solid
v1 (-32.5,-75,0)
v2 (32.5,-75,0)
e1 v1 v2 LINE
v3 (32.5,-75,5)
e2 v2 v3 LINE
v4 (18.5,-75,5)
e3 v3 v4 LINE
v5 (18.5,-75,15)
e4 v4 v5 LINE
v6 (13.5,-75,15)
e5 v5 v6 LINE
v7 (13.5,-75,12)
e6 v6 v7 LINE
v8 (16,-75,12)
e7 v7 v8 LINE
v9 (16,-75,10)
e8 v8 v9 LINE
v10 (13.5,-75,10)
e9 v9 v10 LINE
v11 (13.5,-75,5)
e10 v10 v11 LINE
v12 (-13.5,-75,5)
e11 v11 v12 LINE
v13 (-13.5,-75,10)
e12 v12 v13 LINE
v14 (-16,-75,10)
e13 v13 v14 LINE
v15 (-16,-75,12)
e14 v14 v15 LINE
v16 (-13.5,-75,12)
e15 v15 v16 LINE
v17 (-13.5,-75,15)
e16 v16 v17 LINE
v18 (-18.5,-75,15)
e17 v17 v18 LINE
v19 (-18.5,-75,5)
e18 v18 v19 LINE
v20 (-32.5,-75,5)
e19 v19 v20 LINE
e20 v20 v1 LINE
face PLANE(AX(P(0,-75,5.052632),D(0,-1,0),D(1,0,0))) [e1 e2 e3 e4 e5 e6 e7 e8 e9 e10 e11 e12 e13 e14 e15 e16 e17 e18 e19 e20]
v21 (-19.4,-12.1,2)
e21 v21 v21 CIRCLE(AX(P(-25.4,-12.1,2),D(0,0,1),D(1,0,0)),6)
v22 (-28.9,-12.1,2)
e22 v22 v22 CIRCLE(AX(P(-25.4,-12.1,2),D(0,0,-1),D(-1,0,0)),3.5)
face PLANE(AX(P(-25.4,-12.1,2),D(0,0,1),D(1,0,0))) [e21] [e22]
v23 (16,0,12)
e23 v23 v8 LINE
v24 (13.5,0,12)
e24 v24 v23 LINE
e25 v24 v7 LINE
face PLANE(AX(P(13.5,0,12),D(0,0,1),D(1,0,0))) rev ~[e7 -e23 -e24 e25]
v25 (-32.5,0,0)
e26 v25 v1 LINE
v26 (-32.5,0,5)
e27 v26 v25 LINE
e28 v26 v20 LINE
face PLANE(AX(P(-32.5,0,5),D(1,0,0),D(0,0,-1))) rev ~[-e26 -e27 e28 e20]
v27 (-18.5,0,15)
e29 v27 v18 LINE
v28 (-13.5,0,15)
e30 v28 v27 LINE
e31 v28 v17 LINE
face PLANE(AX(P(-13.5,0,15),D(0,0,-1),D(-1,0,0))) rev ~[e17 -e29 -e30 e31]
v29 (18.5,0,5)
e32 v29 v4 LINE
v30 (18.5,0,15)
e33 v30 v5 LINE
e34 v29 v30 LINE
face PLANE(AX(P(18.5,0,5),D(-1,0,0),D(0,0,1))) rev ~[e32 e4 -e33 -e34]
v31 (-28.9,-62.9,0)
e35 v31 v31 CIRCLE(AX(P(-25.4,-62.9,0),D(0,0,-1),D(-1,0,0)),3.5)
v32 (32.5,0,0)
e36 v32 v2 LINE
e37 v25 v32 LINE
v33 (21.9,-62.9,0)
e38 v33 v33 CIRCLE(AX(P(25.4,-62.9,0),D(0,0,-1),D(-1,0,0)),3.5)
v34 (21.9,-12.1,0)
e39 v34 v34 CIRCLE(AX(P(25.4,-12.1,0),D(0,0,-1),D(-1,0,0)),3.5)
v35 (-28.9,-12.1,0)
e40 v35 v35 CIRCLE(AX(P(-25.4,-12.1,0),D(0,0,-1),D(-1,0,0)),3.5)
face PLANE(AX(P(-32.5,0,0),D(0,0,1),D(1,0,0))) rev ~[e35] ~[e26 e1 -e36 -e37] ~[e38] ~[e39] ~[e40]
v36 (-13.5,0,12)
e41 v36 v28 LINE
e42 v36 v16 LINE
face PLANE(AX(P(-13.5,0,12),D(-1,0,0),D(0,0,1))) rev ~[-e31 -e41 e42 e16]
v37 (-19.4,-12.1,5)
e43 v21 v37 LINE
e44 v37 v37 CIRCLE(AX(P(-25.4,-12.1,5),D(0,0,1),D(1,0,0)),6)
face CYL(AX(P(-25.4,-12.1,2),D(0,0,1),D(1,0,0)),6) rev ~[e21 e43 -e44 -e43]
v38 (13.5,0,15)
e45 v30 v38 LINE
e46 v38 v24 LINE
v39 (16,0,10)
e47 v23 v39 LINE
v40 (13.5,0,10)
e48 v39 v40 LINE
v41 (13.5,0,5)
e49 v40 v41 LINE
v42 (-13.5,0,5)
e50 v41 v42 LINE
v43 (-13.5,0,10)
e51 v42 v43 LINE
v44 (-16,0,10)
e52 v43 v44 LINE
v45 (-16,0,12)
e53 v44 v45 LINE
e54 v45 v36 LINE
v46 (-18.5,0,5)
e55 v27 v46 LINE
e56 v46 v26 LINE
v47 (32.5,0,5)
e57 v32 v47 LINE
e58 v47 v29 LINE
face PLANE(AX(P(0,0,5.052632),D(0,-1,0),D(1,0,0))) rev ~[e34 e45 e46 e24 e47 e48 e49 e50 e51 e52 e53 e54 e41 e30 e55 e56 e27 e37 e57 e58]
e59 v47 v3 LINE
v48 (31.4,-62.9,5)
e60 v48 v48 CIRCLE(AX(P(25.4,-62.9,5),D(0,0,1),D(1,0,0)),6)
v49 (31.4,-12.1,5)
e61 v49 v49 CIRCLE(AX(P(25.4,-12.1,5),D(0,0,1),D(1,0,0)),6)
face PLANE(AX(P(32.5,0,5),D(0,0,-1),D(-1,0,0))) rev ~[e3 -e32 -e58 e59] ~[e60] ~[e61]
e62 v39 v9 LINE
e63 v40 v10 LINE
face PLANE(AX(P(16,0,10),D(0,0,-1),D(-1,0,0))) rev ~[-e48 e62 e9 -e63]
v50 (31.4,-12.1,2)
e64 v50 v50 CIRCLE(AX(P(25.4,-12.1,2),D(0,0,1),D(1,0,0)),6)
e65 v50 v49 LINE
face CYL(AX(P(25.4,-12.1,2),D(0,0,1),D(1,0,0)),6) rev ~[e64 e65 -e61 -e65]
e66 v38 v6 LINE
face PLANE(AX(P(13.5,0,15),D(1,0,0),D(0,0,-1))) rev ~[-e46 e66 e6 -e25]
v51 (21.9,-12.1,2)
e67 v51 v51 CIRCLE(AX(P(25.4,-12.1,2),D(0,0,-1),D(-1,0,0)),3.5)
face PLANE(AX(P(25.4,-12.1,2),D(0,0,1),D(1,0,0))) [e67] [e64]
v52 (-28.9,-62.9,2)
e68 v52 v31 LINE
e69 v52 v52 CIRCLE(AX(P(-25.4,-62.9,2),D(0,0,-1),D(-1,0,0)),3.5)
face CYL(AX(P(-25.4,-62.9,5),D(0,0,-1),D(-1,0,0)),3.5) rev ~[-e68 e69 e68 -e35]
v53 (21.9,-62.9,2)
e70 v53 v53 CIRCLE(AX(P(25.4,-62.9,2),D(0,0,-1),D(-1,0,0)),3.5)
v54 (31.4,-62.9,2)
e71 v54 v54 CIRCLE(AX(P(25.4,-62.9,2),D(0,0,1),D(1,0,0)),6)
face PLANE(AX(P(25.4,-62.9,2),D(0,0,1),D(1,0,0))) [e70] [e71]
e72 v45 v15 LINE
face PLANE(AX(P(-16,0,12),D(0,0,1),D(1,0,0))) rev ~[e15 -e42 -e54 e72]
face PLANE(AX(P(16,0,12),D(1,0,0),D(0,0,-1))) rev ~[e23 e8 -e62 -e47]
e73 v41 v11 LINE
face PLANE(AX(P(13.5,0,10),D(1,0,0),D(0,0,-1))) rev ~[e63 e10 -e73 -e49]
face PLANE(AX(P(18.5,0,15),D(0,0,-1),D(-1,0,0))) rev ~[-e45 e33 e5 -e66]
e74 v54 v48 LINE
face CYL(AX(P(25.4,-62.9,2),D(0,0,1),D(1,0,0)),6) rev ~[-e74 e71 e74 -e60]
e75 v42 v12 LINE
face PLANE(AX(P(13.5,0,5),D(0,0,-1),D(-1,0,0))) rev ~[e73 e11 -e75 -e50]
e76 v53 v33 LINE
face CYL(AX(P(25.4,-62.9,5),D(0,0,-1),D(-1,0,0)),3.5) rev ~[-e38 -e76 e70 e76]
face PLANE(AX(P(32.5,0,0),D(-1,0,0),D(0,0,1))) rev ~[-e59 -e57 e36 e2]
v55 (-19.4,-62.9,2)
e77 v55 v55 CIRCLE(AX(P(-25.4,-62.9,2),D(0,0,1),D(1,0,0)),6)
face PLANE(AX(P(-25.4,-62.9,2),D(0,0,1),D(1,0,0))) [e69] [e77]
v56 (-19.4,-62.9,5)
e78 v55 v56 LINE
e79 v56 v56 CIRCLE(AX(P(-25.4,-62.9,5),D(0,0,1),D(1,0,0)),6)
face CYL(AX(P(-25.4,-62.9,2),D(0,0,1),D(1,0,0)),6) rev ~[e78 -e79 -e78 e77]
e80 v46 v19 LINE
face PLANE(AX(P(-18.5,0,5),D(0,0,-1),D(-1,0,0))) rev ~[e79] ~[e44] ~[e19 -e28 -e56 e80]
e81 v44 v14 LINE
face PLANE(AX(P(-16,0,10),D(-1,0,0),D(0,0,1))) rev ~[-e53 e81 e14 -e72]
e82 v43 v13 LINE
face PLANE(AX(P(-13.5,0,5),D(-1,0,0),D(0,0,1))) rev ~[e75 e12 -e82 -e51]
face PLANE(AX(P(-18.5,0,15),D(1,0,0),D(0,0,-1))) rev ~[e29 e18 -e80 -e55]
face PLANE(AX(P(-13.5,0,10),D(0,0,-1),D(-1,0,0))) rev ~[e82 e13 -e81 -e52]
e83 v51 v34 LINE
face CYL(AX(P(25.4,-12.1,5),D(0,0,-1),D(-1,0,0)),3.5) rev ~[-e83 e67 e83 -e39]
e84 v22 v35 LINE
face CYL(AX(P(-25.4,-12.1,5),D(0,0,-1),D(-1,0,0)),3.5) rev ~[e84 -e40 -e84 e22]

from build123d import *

# Parameters (mm, degrees)
F1_DEPTH       = 75
F3_D           = 7
F3_CBORE_D     = 12
F3_CBORE_DEPTH = 3


with BuildPart() as f1:
    # F0 (on Front) → F1 (new body)
    with BuildSketch(Plane.XZ):
        Polygon((-32.5, 0), (0, 0), (32.5, 0), (32.5, 5), (18.5, 5), (18.5, 15), (13.5, 15), (13.5, 12), (16, 12), (16, 10), (13.5, 10), (13.5, 5), (0, 5), (-13.5, 5), (-13.5, 10), (-16, 10), (-16, 12), (-13.5, 12), (-13.5, 15), (-18.5, 15), (-18.5, 5), (-32.5, 5), align=None)
    extrude(amount=F1_DEPTH)

    # F3 (through all)
    with Locations(Plane.XY.offset(5)):
        with Locations((-25.4, -12.1), (-25.4, -62.9), (25.4, -62.9), (25.4, -12.1)):
            CounterBoreHole(F3_D / 2, F3_CBORE_D / 2, F3_CBORE_DEPTH)


solid = f1.part
